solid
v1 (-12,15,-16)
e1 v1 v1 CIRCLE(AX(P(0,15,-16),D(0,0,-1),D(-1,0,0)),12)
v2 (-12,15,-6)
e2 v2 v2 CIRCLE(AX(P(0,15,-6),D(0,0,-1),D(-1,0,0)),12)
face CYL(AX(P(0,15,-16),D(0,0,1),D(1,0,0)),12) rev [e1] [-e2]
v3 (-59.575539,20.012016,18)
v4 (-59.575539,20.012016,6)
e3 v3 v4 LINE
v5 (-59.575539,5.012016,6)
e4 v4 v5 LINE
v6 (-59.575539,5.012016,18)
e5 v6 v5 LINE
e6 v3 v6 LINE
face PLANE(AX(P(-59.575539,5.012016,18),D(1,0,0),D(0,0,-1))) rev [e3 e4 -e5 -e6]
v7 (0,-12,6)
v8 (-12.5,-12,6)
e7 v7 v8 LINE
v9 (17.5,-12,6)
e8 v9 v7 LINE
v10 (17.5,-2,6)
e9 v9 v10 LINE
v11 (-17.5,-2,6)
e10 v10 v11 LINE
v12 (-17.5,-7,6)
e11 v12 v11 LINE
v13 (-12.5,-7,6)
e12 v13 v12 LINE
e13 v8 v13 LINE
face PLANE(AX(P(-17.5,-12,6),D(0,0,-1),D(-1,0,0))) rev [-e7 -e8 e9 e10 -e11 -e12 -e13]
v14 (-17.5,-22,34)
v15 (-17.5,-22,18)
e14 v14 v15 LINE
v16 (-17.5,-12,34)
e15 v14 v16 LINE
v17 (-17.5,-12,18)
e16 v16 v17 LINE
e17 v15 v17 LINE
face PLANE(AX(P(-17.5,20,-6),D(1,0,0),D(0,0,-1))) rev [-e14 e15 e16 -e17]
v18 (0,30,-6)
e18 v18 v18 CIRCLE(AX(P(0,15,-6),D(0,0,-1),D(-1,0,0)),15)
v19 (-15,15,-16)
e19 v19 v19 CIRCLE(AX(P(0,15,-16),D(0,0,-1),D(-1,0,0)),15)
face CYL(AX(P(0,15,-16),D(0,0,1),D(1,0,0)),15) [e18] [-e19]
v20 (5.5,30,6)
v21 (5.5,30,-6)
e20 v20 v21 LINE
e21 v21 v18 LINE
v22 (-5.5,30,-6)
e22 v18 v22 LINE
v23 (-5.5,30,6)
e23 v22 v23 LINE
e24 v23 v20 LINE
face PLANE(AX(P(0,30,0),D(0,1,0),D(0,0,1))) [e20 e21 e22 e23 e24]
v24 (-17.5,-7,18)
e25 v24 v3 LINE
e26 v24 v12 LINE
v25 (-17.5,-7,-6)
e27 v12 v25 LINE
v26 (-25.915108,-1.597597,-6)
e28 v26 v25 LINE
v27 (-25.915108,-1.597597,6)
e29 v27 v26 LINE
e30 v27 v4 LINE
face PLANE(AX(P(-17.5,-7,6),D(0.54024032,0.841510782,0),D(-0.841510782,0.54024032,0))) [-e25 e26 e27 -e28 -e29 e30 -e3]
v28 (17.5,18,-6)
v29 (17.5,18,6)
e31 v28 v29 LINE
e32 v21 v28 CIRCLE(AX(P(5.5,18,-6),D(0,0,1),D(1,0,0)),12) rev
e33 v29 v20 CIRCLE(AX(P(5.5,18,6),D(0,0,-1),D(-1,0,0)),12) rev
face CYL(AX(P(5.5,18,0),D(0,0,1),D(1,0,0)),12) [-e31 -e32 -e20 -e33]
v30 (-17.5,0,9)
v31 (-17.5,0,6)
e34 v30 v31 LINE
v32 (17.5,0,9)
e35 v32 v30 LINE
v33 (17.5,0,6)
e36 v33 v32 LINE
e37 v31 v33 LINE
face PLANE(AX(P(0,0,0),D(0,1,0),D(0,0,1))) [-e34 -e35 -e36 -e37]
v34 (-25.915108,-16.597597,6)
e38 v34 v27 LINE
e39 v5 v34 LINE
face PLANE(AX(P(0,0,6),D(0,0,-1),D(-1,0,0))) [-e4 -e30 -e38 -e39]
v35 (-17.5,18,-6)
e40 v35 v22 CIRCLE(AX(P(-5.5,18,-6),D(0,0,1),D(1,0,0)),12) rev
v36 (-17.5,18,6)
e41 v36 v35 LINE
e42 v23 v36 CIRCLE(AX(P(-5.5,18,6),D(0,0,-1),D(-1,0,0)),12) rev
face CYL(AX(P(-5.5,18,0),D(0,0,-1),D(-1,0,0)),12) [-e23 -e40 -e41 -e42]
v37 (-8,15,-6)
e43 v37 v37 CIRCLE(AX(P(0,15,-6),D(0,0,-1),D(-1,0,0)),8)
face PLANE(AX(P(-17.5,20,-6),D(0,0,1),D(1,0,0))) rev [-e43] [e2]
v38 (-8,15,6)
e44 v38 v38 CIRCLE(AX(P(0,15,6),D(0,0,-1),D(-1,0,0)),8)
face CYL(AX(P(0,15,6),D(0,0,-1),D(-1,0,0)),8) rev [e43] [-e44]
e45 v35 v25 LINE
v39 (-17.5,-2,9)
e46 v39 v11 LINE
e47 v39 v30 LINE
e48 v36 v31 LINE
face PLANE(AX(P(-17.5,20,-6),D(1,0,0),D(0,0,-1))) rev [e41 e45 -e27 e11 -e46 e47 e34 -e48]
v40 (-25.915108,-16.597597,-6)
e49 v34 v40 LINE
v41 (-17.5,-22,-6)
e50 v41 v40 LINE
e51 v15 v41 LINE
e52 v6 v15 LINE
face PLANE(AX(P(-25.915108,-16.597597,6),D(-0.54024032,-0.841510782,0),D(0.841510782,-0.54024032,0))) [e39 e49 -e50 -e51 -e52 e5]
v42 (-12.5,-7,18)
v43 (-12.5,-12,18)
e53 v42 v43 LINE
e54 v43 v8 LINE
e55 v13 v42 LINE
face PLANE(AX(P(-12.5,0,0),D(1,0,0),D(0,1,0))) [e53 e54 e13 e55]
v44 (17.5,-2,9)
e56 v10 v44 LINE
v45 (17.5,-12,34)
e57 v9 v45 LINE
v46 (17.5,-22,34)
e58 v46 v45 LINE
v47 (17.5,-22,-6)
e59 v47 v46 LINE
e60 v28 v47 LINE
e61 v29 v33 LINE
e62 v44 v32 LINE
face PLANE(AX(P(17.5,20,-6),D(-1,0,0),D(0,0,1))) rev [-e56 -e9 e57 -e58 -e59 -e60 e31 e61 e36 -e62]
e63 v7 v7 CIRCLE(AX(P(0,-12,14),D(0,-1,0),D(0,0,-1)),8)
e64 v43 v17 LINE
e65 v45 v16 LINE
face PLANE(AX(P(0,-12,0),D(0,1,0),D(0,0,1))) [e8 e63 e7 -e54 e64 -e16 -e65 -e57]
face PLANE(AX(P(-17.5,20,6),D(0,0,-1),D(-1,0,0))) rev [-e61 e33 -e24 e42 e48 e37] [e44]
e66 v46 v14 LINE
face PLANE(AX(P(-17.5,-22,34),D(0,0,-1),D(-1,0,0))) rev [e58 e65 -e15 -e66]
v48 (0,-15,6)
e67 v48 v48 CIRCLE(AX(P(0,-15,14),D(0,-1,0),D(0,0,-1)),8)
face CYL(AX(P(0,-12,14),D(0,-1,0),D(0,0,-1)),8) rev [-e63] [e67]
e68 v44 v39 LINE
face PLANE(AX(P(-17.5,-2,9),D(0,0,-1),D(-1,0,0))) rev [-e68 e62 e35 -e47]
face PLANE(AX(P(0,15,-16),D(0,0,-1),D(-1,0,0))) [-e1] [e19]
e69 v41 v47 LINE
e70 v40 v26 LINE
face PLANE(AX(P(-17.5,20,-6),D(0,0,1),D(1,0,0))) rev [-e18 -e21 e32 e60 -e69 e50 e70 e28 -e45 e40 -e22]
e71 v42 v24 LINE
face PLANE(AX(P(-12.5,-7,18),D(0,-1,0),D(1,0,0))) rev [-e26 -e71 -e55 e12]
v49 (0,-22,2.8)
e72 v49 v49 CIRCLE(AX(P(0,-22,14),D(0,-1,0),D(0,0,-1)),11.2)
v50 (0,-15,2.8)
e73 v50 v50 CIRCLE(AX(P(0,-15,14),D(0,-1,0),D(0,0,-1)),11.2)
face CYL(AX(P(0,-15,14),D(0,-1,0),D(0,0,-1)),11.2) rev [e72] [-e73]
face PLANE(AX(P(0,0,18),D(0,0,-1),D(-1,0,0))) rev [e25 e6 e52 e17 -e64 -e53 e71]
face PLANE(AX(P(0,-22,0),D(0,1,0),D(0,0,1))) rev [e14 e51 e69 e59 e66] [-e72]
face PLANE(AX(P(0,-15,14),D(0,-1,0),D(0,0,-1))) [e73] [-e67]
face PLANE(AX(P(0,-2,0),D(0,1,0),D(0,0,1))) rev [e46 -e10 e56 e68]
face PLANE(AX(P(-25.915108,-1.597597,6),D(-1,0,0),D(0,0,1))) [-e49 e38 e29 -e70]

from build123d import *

# Parameters (mm, degrees)
SKETCH1_W           = 35
SKETCH1_H           = 12
BOSS_EXTRUDE1_DEPTH = 20
SKETCH2_W           = 35
SKETCH2_H           = 12
BOSS_EXTRUDE2_DEPTH = 10
CUT_EXTRUDE1_DEPTH  = 12
FILLET1_R           = 12
SKETCH5_R           = 15
SKETCH5_R_2         = 12
BOSS_EXTRUDE3_DEPTH = 10
SKETCH6_W           = 35
SKETCH6_H           = 15
BOSS_EXTRUDE4_DEPTH = 2
SKETCH7_W           = 35
SKETCH7_H           = 12
BOSS_EXTRUDE5_DEPTH = 10
SKETCH8_W           = 35
SKETCH8_H           = 40
BOSS_EXTRUDE6_DEPTH = 10
SKETCH10_R          = 11.2
CUT_EXTRUDE2_DEPTH  = 7
SKETCH11_R          = 8
CUT_EXTRUDE3_DEPTH  = 3
BOSS_EXTRUDE7_DEPTH = 12
BOSS_EXTRUDE8_DEPTH = 12
SKETCH14_W          = 12
SKETCH14_H          = 5
BOSS_EXTRUDE9_DEPTH = 5


with BuildPart() as part:
    # Sketch1 → Boss-Extrude1 (new body)
    with BuildSketch(Plane(origin=(0, 0, 0), x_dir=(1, 0, 0), z_dir=(0, 1, 0))):
        Rectangle(SKETCH1_W, SKETCH1_H)
    extrude(amount=BOSS_EXTRUDE1_DEPTH)

    # Sketch2 → Boss-Extrude2 (add)
    with BuildSketch(Plane(origin=(0, 20, 0), x_dir=(1, 0, 0), z_dir=(0, 1, 0))):
        Rectangle(SKETCH2_W, SKETCH2_H)
    extrude(amount=BOSS_EXTRUDE2_DEPTH)

    # Sketch4 → Cut-Extrude1 (cut)
    with BuildSketch(Plane(origin=(0, 0, -6), x_dir=(-1, 0, 0), z_dir=(0, 0, -1))):
        with BuildLine():
            ThreePointArc((8, 15), (0, 23), (-8, 15))
            Line((-8, 15), (8, 15))
        make_face()
        with BuildLine():
            Line((8, 15), (-8, 15))
            ThreePointArc((-8, 15), (0, 7), (8, 15))
        make_face()
    extrude(amount=-CUT_EXTRUDE1_DEPTH, mode=Mode.SUBTRACT)

    # Fillet1
    fillet1_edges = [part.edges().sort_by_distance(p)[0] for p in [
        (-17.5, 30, 0),
        (17.5, 30, 0),
    ]]
    fillet(fillet1_edges, radius=FILLET1_R)

    # Sketch5 → Boss-Extrude3 (add)
    with BuildSketch(Plane(origin=(0, 0, -6), x_dir=(-1, 0, 0), z_dir=(0, 0, -1))):
        with Locations(Location((0, 15, 0), (0, 0, 270))):
            Circle(SKETCH5_R)
        with Locations((0, 15)):
            Circle(SKETCH5_R_2, mode=Mode.SUBTRACT)
    extrude(amount=BOSS_EXTRUDE3_DEPTH)

    # Sketch6 → Boss-Extrude4 (add)
    with BuildSketch(Plane.XZ):
        with Locations((0, 1.5)):
            Rectangle(SKETCH6_W, SKETCH6_H)
    extrude(amount=BOSS_EXTRUDE4_DEPTH)

    # Sketch7 → Boss-Extrude5 (add)
    with BuildSketch(Plane.XZ.offset(2)):
        Rectangle(SKETCH7_W, SKETCH7_H)
    extrude(amount=BOSS_EXTRUDE5_DEPTH)

    # Sketch8 → Boss-Extrude6 (add)
    with BuildSketch(Plane.XZ.offset(12)):
        with Locations((0, 14)):
            Rectangle(SKETCH8_W, SKETCH8_H)
    extrude(amount=BOSS_EXTRUDE6_DEPTH)

    # Sketch10 → Cut-Extrude2 (cut)
    with BuildSketch(Plane.XZ.offset(22)):
        with Locations(Location((0, 14, 0), (0, 0, 270))):
            Circle(SKETCH10_R)
    extrude(amount=-CUT_EXTRUDE2_DEPTH, mode=Mode.SUBTRACT)

    # Sketch11 → Cut-Extrude3 (cut)
    with BuildSketch(Plane.XZ.offset(15)):
        with Locations(Location((0, 14, 0), (0, 0, 270))):
            Circle(SKETCH11_R)
    extrude(amount=-CUT_EXTRUDE3_DEPTH, mode=Mode.SUBTRACT)

    # Sketch12 → Boss-Extrude7 (add)
    with BuildSketch(Plane(origin=(0, 0, -6), x_dir=(-1, 0, 0), z_dir=(0, 0, -1))):
        Polygon((17.5, -22), (17.5, -7), (25.915107819, -1.597596795), (25.915107819, -16.597596795), align=None)
    extrude(amount=-BOSS_EXTRUDE7_DEPTH)

    # Sketch13 → Boss-Extrude8 (add)
    with BuildSketch(Plane.XY.offset(6)):
        Polygon((-17.5, -22), (-17.5, -7), (-59.575539097, 20.012016024), (-59.575539097, 5.012016024), align=None)
    extrude(amount=BOSS_EXTRUDE8_DEPTH)

    # Sketch14 → Boss-Extrude9 (add)
    with BuildSketch(Plane(origin=(-17.5, 0, 0), x_dir=(0, 0, -1), z_dir=(1, 0, 0))):
        with Locations((-12, -9.5)):
            Rectangle(SKETCH14_W, SKETCH14_H)
    extrude(amount=BOSS_EXTRUDE9_DEPTH)


solid = part.part
